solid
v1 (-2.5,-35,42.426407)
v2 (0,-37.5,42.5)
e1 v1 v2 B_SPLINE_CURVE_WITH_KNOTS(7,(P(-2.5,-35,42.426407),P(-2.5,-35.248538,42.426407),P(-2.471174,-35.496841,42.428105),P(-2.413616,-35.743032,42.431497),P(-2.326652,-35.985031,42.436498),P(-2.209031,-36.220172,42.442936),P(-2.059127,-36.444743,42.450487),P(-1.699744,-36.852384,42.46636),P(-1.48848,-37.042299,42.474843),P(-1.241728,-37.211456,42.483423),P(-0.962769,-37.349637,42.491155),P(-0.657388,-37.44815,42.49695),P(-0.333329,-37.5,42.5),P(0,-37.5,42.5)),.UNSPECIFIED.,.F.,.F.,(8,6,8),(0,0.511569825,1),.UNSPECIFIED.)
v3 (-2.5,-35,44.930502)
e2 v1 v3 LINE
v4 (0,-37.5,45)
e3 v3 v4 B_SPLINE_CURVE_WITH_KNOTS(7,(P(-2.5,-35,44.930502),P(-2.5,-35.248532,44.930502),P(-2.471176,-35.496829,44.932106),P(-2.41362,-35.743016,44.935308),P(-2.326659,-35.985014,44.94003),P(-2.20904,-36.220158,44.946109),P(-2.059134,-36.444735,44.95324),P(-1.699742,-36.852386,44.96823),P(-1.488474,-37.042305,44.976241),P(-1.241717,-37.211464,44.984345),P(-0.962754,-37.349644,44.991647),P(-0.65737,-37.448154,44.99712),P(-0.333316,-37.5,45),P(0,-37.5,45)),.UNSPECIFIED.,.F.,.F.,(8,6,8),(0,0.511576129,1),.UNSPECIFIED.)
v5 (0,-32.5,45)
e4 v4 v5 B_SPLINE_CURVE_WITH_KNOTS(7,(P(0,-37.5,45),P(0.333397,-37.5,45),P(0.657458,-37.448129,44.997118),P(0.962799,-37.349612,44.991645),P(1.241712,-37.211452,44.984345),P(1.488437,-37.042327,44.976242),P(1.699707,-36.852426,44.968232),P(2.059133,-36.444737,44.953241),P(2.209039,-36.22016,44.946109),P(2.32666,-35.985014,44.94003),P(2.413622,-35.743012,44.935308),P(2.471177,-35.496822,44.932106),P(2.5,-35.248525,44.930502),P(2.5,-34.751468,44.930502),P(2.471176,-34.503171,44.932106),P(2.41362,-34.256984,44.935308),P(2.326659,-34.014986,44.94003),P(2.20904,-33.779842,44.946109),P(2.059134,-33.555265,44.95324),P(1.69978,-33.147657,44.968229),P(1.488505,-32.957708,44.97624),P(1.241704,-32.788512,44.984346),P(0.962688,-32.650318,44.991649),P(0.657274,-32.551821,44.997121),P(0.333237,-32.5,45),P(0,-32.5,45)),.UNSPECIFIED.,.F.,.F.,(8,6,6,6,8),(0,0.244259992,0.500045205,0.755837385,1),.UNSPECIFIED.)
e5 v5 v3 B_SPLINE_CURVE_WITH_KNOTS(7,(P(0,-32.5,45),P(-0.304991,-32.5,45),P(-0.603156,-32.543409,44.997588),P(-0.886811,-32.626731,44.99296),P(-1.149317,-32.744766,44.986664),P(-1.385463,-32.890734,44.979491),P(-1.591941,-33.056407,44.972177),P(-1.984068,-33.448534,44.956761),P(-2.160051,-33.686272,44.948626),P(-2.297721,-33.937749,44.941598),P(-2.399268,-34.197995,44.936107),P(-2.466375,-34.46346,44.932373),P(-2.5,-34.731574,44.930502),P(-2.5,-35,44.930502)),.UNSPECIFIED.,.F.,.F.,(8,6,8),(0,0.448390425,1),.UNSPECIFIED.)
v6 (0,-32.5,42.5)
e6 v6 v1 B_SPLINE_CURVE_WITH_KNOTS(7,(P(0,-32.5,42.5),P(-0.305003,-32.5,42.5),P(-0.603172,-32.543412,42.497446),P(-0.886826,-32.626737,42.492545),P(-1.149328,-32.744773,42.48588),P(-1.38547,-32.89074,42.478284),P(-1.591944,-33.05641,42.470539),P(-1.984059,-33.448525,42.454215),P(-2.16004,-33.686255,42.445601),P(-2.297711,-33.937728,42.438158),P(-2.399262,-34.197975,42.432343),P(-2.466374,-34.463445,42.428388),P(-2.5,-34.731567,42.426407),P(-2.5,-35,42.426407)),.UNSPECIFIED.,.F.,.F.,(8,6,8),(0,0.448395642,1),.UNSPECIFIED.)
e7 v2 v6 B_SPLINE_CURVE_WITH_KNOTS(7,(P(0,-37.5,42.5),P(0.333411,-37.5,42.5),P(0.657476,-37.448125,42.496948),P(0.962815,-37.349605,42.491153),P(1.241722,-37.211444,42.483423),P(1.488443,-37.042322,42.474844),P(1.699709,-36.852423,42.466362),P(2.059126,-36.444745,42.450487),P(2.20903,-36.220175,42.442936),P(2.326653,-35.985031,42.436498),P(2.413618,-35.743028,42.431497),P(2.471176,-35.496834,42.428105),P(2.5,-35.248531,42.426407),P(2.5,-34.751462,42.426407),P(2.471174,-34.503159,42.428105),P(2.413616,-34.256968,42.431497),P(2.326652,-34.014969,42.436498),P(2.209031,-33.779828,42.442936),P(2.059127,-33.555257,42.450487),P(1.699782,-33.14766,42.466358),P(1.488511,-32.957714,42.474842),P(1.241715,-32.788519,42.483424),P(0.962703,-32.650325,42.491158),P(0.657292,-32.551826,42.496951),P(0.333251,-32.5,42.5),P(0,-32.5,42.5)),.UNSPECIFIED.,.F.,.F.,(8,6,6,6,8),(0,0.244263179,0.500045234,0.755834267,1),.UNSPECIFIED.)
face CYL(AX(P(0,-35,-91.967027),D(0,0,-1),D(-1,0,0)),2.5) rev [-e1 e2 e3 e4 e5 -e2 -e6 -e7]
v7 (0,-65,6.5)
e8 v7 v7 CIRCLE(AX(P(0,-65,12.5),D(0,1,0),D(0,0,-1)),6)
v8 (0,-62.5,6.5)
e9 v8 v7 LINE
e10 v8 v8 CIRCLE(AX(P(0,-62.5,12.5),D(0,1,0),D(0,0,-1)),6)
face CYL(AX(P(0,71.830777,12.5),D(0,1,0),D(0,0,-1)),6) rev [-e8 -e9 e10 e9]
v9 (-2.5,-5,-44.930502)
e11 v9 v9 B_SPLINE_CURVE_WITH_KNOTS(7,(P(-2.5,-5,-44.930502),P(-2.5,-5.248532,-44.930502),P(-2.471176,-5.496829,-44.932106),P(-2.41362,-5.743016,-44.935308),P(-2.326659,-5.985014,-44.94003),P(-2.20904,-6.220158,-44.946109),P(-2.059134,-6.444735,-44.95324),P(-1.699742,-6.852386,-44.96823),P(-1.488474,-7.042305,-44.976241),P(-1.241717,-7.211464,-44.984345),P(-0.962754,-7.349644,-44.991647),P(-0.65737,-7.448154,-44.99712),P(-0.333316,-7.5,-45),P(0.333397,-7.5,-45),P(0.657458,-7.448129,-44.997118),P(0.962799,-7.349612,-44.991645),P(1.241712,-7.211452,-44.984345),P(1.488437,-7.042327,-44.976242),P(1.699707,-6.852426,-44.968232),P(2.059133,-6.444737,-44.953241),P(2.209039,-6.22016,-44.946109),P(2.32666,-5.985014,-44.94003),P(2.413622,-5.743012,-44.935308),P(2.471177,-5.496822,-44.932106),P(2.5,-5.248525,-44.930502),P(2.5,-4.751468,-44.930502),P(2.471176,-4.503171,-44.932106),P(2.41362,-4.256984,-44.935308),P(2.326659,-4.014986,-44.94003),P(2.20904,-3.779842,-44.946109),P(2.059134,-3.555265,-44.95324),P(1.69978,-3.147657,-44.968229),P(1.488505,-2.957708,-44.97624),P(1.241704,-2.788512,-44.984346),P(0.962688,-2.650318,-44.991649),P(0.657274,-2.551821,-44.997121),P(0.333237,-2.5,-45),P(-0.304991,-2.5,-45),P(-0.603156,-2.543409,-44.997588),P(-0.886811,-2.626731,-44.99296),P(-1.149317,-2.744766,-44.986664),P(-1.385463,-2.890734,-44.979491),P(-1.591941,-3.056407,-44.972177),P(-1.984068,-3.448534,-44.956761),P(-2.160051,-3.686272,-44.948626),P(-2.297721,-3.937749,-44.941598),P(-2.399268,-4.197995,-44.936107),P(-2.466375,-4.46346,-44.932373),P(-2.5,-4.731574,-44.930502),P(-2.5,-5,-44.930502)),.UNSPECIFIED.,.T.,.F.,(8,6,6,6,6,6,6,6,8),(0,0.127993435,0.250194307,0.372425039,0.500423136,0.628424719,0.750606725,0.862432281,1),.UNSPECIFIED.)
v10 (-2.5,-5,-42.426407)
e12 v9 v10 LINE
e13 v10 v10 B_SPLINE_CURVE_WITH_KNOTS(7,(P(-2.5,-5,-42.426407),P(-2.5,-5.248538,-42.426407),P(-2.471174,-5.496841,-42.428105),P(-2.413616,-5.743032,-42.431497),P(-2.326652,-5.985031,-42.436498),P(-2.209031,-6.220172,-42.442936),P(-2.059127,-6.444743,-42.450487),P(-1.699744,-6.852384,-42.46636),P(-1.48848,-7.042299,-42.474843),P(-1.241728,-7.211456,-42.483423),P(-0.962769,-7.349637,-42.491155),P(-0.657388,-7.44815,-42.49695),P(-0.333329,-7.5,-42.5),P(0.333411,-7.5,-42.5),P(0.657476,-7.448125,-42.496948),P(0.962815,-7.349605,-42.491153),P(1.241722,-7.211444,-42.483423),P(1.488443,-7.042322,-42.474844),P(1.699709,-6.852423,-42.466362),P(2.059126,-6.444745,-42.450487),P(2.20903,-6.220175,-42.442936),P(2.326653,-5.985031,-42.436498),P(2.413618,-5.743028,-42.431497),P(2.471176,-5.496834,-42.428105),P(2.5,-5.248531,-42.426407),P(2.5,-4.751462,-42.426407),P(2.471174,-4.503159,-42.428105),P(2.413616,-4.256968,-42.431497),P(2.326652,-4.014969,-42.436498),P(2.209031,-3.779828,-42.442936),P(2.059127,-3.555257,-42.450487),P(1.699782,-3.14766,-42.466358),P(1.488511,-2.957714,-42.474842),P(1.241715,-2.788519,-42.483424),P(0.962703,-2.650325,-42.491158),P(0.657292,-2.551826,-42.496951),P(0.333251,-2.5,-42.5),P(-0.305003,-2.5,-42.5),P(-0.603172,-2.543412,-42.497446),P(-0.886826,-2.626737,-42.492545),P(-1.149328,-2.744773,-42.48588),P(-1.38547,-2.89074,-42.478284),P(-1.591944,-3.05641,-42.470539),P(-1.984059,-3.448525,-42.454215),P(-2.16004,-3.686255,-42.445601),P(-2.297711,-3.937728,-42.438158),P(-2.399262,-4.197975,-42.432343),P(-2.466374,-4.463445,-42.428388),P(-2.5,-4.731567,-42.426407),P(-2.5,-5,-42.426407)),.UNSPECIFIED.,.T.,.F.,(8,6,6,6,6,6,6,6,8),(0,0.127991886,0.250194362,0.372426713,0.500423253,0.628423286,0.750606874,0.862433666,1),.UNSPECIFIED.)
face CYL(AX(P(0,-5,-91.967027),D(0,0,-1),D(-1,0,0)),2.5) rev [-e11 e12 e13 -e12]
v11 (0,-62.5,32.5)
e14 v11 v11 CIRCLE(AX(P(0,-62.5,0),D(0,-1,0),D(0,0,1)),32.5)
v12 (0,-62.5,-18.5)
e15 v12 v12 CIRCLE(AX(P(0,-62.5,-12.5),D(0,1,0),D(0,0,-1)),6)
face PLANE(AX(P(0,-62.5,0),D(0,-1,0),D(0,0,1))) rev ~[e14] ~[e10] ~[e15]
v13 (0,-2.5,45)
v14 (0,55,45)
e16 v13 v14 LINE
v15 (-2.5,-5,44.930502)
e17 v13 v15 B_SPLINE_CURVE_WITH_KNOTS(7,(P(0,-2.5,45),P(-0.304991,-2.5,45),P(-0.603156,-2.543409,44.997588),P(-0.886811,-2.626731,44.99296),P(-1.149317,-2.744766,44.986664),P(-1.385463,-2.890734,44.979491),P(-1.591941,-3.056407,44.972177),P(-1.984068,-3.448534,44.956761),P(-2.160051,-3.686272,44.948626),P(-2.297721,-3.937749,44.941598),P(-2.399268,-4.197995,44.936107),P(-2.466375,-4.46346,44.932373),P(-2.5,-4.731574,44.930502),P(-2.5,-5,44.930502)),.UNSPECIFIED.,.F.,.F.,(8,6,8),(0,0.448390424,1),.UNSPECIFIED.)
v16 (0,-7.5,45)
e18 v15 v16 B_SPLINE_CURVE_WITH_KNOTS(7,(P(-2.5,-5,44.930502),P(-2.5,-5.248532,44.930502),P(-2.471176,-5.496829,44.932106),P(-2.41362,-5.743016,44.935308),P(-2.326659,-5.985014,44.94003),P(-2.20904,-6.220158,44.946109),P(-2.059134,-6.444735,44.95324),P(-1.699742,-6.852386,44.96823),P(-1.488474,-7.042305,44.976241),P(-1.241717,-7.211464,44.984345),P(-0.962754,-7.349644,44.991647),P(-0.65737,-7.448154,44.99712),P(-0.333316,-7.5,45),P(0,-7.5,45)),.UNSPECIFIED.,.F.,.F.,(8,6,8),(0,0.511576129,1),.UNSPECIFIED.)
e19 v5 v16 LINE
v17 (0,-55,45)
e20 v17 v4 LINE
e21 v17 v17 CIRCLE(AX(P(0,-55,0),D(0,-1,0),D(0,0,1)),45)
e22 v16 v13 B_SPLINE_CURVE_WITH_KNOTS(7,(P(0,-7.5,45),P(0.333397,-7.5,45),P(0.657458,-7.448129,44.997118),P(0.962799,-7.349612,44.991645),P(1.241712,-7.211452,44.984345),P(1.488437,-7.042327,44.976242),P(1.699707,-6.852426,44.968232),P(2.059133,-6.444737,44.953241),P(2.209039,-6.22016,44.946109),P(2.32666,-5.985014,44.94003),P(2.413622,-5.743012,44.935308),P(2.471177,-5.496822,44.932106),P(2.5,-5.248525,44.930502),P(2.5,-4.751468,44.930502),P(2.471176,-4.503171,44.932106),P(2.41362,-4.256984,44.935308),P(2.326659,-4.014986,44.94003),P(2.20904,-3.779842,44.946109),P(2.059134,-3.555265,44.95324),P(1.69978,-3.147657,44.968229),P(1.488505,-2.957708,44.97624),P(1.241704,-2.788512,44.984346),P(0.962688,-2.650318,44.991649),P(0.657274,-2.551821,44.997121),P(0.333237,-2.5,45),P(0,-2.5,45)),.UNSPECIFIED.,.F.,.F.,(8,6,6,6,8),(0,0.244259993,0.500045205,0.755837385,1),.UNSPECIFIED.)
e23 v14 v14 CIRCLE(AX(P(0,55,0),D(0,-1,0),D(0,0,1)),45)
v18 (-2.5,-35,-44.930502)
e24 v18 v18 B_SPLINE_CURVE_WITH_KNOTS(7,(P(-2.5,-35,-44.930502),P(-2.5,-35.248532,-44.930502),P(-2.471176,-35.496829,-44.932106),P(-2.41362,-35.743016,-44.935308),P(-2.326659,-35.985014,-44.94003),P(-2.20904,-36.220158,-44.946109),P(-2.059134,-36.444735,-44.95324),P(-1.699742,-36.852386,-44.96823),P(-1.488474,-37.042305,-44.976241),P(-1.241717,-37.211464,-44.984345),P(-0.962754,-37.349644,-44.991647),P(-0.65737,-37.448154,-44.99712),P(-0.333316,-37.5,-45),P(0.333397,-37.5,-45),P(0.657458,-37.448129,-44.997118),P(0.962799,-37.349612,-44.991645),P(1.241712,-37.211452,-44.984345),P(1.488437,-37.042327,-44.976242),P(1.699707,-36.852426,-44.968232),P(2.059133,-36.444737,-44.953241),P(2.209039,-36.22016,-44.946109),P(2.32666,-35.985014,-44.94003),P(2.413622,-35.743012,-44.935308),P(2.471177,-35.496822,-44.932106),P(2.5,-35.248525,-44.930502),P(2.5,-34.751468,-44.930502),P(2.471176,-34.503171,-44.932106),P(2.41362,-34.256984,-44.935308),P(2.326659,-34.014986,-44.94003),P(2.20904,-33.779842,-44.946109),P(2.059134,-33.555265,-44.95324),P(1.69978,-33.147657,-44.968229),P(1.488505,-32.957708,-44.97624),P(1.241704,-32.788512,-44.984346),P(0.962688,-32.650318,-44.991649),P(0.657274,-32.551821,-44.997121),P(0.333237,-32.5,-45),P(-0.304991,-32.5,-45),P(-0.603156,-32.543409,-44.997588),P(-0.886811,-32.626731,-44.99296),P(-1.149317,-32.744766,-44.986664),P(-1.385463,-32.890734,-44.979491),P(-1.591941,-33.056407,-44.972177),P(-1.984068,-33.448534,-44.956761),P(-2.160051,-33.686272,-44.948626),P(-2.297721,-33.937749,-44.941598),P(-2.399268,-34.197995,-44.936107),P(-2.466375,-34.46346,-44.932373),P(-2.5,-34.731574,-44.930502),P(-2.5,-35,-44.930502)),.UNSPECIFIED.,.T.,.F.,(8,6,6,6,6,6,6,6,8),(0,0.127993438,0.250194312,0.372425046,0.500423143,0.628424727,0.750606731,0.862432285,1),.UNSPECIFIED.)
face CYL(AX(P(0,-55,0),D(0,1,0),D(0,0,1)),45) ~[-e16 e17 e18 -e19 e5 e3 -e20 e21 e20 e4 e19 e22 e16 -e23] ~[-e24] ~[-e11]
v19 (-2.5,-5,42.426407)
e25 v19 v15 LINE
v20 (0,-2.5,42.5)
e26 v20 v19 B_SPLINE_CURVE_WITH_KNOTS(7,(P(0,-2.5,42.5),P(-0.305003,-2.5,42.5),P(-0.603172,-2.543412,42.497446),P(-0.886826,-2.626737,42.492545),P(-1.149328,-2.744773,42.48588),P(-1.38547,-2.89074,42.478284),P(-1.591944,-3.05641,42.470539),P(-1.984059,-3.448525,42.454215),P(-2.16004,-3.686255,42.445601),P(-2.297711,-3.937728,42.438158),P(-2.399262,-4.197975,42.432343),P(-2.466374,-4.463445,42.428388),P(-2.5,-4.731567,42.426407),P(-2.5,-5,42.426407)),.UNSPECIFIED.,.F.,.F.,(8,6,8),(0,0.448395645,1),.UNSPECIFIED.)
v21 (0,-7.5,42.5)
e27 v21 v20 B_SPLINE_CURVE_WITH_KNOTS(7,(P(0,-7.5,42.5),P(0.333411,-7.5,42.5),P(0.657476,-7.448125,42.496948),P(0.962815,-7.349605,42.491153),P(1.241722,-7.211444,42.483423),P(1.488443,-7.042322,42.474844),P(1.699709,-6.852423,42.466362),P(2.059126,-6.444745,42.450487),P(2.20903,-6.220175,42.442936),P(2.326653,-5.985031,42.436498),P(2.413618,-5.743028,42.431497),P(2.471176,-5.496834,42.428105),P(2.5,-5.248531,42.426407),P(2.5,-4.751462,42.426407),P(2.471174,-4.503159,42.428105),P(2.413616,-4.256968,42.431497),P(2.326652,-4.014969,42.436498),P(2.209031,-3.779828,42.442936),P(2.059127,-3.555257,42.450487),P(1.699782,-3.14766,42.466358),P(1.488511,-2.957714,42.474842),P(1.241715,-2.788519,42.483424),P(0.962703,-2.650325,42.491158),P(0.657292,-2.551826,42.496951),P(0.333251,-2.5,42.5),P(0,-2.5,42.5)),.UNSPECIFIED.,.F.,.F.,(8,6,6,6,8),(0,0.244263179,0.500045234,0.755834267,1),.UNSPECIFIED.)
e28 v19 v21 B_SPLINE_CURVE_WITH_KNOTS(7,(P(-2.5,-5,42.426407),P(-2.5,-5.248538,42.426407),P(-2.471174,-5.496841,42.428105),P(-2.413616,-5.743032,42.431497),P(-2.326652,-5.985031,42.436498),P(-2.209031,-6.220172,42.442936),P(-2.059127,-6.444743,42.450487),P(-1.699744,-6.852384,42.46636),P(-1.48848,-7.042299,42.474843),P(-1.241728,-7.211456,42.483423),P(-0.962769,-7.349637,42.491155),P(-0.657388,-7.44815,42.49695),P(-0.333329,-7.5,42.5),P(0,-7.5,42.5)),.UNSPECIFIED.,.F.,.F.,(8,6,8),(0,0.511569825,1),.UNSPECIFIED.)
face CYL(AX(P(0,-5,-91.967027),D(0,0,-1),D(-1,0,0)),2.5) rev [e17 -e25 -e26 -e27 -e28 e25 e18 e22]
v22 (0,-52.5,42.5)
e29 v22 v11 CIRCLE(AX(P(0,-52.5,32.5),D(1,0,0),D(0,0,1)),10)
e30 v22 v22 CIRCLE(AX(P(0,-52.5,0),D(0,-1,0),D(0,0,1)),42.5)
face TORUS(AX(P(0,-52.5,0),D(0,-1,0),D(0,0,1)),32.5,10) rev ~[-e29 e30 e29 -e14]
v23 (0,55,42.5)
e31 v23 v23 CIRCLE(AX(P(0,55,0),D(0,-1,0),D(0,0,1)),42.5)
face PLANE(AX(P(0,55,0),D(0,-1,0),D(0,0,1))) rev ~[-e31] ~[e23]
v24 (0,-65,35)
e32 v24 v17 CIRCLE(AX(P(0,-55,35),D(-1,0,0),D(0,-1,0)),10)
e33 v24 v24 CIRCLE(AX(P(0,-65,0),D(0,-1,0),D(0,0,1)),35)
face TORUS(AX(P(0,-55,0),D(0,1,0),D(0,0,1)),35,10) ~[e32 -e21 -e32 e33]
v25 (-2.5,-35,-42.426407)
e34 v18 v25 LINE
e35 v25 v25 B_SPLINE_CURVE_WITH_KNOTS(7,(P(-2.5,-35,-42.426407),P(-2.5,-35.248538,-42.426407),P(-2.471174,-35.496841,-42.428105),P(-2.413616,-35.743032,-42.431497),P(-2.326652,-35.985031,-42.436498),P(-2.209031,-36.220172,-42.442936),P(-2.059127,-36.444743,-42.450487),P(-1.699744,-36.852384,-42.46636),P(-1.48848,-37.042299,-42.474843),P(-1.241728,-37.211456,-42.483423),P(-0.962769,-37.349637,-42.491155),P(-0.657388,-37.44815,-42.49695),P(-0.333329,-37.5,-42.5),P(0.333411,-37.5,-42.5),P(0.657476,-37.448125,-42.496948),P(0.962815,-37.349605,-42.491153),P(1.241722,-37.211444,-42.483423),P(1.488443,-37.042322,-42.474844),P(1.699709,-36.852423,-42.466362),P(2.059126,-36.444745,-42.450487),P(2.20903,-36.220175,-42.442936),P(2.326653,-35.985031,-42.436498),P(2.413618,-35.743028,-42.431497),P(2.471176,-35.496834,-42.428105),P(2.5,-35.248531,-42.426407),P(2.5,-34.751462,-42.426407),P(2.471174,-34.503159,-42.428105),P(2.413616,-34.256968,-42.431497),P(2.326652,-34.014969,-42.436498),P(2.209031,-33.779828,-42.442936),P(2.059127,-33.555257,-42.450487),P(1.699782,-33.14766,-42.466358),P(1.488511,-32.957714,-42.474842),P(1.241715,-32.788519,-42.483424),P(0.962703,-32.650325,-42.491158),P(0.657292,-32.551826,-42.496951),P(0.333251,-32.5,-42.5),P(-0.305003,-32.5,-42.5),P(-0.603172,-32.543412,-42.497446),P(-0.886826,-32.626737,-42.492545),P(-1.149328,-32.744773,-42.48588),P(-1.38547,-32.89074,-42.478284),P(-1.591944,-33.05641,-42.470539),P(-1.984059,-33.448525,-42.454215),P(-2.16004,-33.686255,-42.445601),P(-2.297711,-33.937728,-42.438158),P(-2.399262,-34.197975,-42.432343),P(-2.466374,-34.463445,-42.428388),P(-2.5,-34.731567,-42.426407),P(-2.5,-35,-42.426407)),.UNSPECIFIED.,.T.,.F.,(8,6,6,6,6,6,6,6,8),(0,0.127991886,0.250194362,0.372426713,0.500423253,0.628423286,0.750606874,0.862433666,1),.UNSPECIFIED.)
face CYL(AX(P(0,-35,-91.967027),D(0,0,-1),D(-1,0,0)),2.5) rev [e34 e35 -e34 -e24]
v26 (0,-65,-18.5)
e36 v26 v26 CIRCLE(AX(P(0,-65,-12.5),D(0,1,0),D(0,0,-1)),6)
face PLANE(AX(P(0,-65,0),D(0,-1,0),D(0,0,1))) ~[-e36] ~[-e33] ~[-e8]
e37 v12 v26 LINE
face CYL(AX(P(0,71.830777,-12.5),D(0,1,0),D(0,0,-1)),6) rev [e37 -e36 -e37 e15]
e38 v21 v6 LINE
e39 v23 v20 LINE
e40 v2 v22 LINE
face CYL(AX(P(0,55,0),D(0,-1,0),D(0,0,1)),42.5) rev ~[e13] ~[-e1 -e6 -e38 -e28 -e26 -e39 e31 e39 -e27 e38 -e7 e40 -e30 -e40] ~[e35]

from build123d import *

# Parameters (mm, degrees)
CUT_EXTRUDE1_DEPTH      = 136.830777072
CUT_EXTRUDE1_DEPTH_BACK = 136.830777072
SKETCH2_R               = 6
CUT_EXTRUDE2_DEPTH      = 91.967026993
CUT_EXTRUDE2_DEPTH_BACK = 91.967026993
SKETCH4_R               = 2.5


with BuildPart() as part:
    # Sketch1 → Revolve1 (revolve)
    with BuildSketch(Plane(origin=(0, 0, 0), x_dir=(0, 0, -1), z_dir=(1, 0, 0))):
        with BuildLine():
            Line((-42.5, 55), (-42.5, -52.5))
            ThreePointArc((-42.5, -52.5), (-39.571067812, -59.571067812), (-32.5, -62.5))
            Line((-32.5, -62.5), (0, -62.5))
            Line((0, -62.5), (0, -65))
            Line((0, -65), (-35, -65))
            ThreePointArc((-35, -65), (-42.071067812, -62.071067812), (-45, -55))
            Line((-45, -55), (-45, 55))
            Line((-45, 55), (-42.5, 55))
        make_face()
    revolve(axis=Axis((0, 51.85854301, 0), (0, -1, 0)))

    # Sketch2 → Cut-Extrude1 (cut, two sides: drawn at the far end of the back side and taken through both)
    with BuildSketch(Plane.XZ.offset(65).offset(-CUT_EXTRUDE1_DEPTH_BACK)):
        with Locations(Location((0, 12.5, 0), (0, 0, 270))):
            Circle(SKETCH2_R)
        with Locations(Location((0, -12.5, 0), (0, 0, 270))):
            Circle(SKETCH2_R)
    extrude(amount=CUT_EXTRUDE1_DEPTH + CUT_EXTRUDE1_DEPTH_BACK, mode=Mode.SUBTRACT)

    # Sketch4 → Cut-Extrude2 (cut, two sides: drawn at the far end of the back side and taken through both)
    with BuildSketch(Plane.XY.offset(-CUT_EXTRUDE2_DEPTH_BACK)):
        with Locations(Location((0, -5, 0), (0, 0, 180))):
            Circle(SKETCH4_R)
        with Locations(Location((0, -35, 0), (0, 0, 180))):
            Circle(SKETCH4_R)
    extrude(amount=CUT_EXTRUDE2_DEPTH + CUT_EXTRUDE2_DEPTH_BACK, mode=Mode.SUBTRACT)


solid = part.part
